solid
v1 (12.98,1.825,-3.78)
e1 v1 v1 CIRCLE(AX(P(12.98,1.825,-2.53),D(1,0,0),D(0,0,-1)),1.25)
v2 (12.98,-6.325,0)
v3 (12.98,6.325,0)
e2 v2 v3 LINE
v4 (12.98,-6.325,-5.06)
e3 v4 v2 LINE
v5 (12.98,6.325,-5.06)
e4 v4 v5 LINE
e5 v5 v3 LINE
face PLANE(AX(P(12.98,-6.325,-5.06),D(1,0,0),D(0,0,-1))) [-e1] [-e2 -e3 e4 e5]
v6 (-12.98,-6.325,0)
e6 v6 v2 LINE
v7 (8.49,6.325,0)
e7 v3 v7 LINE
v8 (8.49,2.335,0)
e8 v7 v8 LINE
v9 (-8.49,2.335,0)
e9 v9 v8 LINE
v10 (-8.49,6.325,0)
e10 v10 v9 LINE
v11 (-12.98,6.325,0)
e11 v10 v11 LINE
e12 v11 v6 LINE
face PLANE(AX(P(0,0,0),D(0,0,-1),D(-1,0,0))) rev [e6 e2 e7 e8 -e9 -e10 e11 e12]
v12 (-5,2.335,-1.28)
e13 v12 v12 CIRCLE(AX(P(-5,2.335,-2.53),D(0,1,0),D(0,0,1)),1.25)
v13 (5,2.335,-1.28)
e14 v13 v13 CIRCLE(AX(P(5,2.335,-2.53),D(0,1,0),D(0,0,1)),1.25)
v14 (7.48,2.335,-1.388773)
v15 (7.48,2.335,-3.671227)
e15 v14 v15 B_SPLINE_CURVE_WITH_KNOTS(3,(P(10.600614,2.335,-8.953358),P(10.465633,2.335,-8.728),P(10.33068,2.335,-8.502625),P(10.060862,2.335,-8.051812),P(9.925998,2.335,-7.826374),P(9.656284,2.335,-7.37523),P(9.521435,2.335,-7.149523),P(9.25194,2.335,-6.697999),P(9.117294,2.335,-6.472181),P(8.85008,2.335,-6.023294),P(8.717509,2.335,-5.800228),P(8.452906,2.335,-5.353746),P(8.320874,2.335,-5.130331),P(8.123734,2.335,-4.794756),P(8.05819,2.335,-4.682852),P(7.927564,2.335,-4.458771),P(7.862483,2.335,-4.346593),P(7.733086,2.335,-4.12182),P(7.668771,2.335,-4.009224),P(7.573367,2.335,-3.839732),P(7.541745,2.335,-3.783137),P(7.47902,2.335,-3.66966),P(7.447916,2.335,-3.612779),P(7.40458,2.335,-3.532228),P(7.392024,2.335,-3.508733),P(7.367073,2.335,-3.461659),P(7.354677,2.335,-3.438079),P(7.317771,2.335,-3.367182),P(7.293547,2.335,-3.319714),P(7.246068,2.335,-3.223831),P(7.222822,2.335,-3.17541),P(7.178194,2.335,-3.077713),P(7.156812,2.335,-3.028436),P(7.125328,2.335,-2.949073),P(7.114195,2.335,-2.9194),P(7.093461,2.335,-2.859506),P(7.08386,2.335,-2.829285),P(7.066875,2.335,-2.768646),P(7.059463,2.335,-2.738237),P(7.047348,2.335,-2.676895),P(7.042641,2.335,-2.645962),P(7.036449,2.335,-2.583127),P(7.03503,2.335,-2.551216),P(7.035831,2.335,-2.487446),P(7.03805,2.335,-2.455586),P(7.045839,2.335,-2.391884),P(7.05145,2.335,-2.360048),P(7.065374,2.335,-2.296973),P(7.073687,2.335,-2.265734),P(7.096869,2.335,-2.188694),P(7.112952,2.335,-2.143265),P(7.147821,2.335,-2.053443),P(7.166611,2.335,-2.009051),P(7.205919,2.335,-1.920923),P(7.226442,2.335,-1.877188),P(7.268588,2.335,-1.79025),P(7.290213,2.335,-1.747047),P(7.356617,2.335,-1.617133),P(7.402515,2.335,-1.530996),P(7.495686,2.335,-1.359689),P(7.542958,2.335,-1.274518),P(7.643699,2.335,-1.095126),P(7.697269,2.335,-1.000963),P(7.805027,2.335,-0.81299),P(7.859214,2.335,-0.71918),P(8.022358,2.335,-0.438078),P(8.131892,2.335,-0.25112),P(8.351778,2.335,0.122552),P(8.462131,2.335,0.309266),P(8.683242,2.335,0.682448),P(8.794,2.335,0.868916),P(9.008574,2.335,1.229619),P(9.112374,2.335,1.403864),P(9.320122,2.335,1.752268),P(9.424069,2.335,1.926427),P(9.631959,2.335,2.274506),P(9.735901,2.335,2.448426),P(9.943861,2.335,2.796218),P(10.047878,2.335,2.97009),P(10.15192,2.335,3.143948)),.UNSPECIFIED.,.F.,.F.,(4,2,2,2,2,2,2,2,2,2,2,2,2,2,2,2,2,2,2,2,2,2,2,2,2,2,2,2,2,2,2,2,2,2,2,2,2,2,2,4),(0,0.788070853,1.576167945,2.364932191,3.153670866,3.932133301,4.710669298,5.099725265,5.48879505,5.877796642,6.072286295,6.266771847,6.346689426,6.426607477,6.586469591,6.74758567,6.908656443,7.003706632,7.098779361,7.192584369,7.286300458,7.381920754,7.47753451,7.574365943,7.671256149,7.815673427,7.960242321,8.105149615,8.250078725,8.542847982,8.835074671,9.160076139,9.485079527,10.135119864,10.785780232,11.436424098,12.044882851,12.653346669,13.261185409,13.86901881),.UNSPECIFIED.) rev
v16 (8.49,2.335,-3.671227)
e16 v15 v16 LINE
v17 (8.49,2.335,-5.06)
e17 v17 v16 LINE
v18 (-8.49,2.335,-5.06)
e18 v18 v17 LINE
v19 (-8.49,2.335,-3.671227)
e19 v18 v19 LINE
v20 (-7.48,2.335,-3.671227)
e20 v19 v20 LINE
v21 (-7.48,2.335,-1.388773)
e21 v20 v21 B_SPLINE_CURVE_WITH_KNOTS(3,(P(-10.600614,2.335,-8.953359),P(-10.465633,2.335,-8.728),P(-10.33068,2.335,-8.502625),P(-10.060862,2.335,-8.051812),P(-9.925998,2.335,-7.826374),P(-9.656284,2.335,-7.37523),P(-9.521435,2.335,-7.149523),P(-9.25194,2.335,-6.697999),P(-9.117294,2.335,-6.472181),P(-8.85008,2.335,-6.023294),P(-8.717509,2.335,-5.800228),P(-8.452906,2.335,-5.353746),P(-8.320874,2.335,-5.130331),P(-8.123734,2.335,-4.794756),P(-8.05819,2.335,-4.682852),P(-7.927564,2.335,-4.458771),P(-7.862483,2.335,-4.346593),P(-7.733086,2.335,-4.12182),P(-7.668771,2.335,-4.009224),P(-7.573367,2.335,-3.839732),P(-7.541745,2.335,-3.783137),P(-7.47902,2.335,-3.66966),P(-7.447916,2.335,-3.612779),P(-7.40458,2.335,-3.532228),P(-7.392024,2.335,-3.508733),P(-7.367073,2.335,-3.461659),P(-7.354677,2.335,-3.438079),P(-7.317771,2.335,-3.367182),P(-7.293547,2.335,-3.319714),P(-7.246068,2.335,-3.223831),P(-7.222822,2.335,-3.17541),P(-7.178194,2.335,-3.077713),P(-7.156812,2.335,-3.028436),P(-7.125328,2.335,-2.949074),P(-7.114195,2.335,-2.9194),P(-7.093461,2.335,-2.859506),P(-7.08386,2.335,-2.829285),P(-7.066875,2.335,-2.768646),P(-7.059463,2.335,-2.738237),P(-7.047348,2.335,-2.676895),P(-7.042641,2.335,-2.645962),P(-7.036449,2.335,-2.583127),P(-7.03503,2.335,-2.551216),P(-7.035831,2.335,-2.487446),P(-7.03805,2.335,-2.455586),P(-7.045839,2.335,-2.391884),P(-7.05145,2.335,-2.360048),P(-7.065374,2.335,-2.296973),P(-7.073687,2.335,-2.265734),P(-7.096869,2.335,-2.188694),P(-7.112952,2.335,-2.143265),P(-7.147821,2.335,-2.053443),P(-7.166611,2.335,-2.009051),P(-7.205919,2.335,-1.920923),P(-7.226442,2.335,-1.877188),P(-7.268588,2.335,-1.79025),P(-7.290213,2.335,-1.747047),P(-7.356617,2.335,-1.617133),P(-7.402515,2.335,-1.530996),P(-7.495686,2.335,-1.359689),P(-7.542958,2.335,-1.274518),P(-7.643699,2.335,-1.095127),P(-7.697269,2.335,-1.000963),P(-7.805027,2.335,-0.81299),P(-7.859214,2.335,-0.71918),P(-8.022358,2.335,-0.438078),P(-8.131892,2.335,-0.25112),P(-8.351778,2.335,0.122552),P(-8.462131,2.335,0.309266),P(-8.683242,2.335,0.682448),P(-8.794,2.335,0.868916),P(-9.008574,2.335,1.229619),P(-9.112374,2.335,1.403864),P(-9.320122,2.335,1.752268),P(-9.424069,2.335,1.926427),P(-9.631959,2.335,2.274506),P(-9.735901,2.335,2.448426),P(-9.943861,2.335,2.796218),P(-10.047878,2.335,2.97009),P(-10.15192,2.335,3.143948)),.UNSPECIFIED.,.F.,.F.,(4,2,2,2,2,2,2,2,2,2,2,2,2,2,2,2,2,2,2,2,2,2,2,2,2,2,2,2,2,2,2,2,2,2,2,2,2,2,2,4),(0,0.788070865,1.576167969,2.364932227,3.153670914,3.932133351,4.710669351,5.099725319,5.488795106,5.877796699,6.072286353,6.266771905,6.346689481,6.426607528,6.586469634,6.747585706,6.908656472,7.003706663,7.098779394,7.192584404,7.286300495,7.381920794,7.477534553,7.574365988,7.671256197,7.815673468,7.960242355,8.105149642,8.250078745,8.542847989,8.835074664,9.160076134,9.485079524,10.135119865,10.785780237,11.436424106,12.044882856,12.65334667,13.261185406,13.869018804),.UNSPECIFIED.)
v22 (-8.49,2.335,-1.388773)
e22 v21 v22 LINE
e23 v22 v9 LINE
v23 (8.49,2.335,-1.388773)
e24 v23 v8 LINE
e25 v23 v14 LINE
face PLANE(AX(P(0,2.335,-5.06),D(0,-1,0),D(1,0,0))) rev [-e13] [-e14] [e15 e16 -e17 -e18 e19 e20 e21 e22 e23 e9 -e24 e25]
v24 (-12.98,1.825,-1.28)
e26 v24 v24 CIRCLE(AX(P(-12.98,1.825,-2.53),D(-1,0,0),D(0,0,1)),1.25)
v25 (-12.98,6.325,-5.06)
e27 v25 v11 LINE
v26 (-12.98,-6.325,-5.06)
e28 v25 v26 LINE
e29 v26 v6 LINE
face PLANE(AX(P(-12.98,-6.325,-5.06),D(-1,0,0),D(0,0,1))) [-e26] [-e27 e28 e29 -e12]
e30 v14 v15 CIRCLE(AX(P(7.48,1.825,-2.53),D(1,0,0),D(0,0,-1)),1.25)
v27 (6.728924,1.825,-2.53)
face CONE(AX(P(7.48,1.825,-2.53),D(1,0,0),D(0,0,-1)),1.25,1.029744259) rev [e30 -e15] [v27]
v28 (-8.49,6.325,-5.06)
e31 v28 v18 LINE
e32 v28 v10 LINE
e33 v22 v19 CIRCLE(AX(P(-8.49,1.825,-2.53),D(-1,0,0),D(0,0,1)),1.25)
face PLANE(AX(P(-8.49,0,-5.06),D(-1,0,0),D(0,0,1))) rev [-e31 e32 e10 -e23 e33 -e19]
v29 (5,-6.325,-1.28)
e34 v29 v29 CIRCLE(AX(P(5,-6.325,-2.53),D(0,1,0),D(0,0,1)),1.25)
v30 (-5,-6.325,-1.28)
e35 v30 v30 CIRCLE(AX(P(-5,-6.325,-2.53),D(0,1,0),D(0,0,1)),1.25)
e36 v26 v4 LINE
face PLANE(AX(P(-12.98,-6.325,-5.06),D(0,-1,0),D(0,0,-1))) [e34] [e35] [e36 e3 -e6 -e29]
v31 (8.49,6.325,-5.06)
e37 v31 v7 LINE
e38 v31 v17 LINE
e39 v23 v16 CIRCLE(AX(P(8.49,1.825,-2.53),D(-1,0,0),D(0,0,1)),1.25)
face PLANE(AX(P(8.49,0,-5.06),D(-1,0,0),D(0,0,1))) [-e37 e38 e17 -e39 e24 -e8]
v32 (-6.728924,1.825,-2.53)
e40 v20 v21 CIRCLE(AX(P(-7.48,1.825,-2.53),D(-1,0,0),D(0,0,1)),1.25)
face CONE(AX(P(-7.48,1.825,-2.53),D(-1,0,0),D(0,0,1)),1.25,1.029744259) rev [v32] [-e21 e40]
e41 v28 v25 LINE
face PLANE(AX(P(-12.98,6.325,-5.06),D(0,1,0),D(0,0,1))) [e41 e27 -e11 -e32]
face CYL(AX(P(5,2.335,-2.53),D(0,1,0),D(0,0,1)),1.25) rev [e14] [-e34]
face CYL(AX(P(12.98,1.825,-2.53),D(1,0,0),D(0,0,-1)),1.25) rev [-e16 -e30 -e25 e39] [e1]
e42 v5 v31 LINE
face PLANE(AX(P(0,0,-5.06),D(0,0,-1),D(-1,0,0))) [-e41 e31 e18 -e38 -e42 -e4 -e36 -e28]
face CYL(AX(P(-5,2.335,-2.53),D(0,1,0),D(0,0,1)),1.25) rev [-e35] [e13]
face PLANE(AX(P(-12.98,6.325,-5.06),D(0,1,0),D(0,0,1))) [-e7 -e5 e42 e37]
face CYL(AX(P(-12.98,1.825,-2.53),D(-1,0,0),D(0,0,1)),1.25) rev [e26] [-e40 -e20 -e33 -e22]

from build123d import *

# Parameters (mm, degrees)
SCHIZZO1_W                   = 25.96
SCHIZZO1_H                   = 12.65
ESTRUSIONE_ESTRUSIONE1_DEPTH = 5.06
SCHIZZO2_W                   = 8.49
SCHIZZO2_H                   = 3.99
TAGLIO_ESTRUSIONE1_DEPTH     = 16.299987745
FORO_FILETTATO_M3X0_5_1_D    = 2.5


with BuildPart() as part:
    # Schizzo1 → Estrusione-Estrusione1 (new body)
    with BuildSketch(Plane.XY):
        Rectangle(SCHIZZO1_W, SCHIZZO1_H)
    extrude(amount=-ESTRUSIONE_ESTRUSIONE1_DEPTH)

    # Schizzo2 → Taglio-Estrusione1 (cut, through all)
    with BuildSketch(Plane.XY):
        with Locations((-4.245, 4.33)):
            Rectangle(SCHIZZO2_W, SCHIZZO2_H)
        with Locations((4.245, 4.33)):
            Rectangle(SCHIZZO2_W, SCHIZZO2_H)
    extrude(amount=-TAGLIO_ESTRUSIONE1_DEPTH, mode=Mode.SUBTRACT)

    # Foro filettato M3x0.5-1 (through all)
    with Locations(Plane(origin=(0, 2.335, 0), x_dir=(1, 0, 0), z_dir=(0, 1, 0))):
        with Locations((-5, 2.53), (5, 2.53)):
            Hole(FORO_FILETTATO_M3X0_5_1_D / 2)

    # Schizzo5 → Foro filettato M3x0.5-2 (revolve, cut)
    with BuildSketch(Plane(origin=(-12.98, 1.825, -2.53), x_dir=(0, 0, 1), z_dir=(0, 1, 0))):
        Polygon((0, 0), (0, 6.251075774), (1.25, 5.5), (1.25, 0), align=None)
    foro_filettato_m3x0_5_2 = revolve(axis=Axis((-19.33, 1.825, -2.53), (1, 0, 0)), mode=Mode.SUBTRACT)

    # Specchia1: Foro filettato M3x0.5-2 across plane
    add(foro_filettato_m3x0_5_2.mirror(Plane(origin=(0, 0, 0), x_dir=(0, 0, 1), z_dir=(1, 0, 0))), mode=Mode.SUBTRACT)


solid = part.part
